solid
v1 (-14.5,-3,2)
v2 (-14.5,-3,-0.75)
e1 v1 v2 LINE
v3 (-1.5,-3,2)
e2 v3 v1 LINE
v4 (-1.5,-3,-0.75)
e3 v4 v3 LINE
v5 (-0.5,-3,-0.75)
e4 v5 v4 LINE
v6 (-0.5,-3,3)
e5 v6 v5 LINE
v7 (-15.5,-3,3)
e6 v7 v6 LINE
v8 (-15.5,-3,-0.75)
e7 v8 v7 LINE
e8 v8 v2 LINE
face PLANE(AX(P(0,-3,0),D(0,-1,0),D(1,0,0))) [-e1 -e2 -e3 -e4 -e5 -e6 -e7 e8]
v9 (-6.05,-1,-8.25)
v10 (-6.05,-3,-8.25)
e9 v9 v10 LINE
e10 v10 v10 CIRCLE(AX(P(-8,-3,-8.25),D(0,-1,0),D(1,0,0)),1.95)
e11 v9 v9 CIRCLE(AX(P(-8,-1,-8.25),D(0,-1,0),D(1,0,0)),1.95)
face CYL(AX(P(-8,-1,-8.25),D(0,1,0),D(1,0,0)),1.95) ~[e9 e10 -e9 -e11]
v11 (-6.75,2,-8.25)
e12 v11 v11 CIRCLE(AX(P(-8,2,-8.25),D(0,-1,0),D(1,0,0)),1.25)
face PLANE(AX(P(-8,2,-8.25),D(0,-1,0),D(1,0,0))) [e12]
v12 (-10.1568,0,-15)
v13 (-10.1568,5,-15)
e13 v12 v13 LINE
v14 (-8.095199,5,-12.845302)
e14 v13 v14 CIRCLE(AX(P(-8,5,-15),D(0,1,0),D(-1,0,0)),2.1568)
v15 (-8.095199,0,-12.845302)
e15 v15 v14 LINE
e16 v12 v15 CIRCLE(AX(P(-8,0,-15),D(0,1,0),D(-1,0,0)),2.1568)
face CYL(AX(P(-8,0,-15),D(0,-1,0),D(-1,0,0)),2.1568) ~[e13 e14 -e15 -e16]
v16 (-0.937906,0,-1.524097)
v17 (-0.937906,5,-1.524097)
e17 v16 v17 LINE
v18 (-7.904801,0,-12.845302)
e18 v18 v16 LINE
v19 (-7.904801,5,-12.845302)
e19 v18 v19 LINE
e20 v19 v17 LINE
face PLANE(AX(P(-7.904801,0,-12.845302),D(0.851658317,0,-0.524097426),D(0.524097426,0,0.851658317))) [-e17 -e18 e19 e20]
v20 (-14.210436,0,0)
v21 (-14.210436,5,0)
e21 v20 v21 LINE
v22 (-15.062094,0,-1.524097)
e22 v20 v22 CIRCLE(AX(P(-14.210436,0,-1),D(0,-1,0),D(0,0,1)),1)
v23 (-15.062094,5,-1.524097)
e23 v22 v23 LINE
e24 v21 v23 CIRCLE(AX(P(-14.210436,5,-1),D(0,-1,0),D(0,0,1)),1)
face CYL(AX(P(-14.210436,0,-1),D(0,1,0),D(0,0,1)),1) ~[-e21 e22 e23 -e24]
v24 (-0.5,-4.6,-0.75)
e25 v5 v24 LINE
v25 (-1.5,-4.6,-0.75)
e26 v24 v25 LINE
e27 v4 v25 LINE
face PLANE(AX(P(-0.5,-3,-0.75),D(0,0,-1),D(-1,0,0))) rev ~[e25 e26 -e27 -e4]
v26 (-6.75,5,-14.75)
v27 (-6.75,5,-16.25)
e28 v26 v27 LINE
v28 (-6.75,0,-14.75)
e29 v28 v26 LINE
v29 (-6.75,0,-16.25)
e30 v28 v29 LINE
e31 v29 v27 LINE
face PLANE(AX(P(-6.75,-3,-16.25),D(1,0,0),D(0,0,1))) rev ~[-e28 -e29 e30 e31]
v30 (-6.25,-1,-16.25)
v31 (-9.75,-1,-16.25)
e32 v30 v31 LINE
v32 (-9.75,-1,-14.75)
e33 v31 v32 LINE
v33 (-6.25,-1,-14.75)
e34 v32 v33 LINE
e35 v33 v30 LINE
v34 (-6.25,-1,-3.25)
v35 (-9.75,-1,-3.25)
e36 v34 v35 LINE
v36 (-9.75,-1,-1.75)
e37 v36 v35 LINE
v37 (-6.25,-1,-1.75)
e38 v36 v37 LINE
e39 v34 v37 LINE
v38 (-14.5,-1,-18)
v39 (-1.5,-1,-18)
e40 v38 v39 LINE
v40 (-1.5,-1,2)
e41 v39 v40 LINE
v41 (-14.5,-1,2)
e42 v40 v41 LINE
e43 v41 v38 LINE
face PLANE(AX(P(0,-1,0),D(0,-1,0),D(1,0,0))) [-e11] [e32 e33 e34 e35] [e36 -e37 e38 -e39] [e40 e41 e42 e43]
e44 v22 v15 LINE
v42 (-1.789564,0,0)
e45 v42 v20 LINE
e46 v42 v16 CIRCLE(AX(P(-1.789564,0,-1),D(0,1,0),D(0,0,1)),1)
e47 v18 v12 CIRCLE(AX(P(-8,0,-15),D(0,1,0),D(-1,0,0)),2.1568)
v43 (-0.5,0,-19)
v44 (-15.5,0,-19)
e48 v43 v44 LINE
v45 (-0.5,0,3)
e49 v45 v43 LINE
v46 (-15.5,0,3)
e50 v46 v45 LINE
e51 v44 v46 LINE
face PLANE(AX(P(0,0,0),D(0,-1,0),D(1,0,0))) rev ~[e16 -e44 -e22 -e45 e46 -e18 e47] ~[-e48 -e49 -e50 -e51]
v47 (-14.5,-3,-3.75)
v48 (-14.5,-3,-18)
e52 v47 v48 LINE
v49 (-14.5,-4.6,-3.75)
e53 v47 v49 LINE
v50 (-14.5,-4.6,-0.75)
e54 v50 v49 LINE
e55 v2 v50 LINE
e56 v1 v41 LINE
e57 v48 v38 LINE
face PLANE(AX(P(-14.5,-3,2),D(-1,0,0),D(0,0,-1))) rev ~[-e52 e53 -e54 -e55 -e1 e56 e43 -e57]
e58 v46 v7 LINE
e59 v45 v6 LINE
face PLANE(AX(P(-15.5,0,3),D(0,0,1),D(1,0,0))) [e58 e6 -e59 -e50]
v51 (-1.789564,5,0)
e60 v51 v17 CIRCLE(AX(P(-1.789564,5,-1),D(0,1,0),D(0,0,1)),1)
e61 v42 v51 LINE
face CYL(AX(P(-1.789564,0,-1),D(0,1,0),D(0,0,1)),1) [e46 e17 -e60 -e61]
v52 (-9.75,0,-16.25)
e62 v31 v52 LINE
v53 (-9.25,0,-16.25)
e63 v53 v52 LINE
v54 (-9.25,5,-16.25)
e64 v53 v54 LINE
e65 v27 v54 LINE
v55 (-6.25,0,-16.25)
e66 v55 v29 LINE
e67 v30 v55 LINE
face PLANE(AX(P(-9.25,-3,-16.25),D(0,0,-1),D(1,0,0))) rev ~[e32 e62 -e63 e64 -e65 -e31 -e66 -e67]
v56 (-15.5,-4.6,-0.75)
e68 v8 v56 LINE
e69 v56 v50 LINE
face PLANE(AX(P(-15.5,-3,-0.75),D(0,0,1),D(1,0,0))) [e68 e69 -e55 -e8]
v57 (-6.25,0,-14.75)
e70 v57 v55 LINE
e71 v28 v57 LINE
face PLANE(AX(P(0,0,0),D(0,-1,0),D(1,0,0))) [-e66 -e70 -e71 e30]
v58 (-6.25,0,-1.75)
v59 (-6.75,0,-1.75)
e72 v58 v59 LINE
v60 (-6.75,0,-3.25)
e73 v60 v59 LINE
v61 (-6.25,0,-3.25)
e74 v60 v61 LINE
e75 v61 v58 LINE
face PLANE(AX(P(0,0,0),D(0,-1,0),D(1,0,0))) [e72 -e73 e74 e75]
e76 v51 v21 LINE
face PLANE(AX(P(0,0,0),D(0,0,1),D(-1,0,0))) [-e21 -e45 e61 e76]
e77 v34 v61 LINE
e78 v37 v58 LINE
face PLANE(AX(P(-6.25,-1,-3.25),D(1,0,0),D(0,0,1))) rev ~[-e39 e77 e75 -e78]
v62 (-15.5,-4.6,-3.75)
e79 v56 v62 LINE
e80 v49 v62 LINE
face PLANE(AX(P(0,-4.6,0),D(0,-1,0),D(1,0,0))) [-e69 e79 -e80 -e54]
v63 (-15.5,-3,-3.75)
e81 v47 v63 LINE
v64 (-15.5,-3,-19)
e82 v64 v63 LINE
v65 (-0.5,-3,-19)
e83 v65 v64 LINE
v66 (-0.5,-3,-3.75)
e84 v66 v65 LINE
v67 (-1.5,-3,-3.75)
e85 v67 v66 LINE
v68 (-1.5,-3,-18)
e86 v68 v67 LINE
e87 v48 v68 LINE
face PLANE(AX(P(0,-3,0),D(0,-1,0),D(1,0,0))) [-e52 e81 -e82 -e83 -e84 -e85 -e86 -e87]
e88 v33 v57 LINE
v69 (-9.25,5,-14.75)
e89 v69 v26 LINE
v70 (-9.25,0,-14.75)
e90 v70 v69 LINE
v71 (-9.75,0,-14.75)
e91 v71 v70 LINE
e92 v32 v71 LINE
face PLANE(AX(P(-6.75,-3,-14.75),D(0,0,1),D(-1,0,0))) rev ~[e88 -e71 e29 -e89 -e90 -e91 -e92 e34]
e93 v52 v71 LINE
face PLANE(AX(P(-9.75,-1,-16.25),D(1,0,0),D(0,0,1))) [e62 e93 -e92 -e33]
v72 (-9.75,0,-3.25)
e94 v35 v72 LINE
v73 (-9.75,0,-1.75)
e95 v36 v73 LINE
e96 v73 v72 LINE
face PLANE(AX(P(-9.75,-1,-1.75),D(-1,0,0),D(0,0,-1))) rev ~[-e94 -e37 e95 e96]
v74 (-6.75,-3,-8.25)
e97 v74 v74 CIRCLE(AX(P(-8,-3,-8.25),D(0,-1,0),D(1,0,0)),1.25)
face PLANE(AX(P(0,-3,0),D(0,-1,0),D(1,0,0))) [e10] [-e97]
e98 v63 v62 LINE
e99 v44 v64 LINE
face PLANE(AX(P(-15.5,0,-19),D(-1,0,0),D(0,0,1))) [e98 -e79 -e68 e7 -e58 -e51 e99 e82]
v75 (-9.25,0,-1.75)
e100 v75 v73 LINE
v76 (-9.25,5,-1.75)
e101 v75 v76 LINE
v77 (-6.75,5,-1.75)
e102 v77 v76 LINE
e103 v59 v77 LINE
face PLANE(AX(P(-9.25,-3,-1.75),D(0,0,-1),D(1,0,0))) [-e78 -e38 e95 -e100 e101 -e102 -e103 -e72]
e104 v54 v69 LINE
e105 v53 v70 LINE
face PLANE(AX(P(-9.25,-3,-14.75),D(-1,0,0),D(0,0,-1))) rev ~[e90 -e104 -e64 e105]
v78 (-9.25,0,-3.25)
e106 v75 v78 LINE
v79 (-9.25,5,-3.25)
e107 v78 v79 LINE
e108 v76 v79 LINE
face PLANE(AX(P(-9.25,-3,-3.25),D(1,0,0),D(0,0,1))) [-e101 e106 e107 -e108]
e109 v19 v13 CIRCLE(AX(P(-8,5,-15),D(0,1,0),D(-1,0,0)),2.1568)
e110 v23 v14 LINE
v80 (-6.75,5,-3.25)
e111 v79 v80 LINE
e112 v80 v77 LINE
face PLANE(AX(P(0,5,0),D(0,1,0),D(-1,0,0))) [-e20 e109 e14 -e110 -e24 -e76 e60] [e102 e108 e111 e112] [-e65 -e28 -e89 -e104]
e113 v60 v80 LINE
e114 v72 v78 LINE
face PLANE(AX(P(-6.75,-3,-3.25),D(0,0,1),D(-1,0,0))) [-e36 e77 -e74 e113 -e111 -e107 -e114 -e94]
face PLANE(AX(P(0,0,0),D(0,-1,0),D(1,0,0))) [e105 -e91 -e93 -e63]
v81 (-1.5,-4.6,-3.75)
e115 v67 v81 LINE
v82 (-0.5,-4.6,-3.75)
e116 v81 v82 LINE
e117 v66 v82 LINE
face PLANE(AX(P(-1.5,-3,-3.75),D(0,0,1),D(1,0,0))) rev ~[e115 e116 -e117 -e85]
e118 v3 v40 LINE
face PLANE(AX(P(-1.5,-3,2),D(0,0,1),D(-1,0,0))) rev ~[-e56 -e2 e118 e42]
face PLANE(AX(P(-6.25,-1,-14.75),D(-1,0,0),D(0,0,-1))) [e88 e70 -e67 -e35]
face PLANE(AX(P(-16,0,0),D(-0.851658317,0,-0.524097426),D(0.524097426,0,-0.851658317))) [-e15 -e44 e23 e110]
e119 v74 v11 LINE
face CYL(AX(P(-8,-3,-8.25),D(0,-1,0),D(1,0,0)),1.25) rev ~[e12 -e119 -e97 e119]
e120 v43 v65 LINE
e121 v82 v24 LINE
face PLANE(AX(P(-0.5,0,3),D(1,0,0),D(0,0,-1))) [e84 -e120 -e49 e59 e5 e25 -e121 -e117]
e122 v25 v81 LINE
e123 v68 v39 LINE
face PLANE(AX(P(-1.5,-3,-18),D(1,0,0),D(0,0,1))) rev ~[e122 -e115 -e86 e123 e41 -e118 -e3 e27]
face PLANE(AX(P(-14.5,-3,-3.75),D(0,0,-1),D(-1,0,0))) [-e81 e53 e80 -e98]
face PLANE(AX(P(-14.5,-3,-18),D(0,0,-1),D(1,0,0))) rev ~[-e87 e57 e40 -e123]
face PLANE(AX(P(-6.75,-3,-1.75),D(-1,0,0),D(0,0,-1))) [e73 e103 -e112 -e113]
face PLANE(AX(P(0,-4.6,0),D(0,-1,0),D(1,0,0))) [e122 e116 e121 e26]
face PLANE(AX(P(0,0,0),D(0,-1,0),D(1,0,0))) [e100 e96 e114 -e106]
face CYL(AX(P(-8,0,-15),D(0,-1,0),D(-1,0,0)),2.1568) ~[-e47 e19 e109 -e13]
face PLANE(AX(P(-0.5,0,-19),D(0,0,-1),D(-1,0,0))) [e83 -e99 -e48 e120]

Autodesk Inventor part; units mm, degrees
ref_plane "YZ Plane" through (0, 0, 0) normal (1, 0, 0) x (0, 1, 0)
ref_plane "XZ Plane" through (0, 0, 0) normal (0, 1, 0) x (-1, 0, 0)
ref_plane "XY Plane" through (0, 0, 0) normal (0, 0, 1) x (1, 0, 0)
sketch "Sketch5" plane through (0, 0, 0) normal (0, 1, 0) x (-1, 0, 0)
  line L0 (-3.1299, 16.302) -> (-3.1299, -27.8812) construction
  line L1 (-3.1299, -27.8812) -> (-19.0358, -27.8812) construction
  line L2 (-19.0358, -27.8812) -> (-19.0358, 16.302) construction
  line L3 (-19.0358, 16.302) -> (-3.1299, 16.302) construction
  line L4 (0, 0) -> (16, 0)
  line L5 (8, 0) -> (8, -24.9508) construction
  line L6 (16, 0) -> (8, -13)
  line L7 (8, -13) -> (0, 0)
  circle A0 centre (8, -15) radius 2.1568
  line L8 (0, 0) -> (0, -12.5098) construction
  point P0 (7.9048, -12.8453)
  point P1 (8.0952, -12.8453)
  dimension "d36" = 16
  dimension "d42" = 13
  dimension "d43" = 2
extrude "Extrusion4" add sketch "Sketch5" along normal blind 5
sketch "Sketch6" plane through (0, 5, 0) normal (0, 1, 0) x (1, 0, 0)
  arc A0 (-7.9048, 12.8453) -> (-8.0952, 12.8453) centre (-8, 15) ccw projected
  circle A1 centre (-8, 15) radius 1.6568
  line L0 (-16, 0) -> (0, 0) projected
  line L1 (-16, 0) -> (0, 0) construction
  line L2 (-14.2104, 1) -> (-8, 11.092)
  line L3 (-8.0952, 12.8453) -> (-16, 0) projected
  line L4 (-8, 11.092) -> (-1.7896, 1)
  line L5 (0, 0) -> (-7.9048, 12.8453) projected
  line L6 (-14.2104, 1) -> (-1.7896, 1)
  line L7 (-8, 15) -> (-8, 0) construction
  dimension "d46" = 0.5
  dimension "d52" = 1
  dimension "d53" = 1
extrude "Extrusion5" [suppressed]
fillet "Fillet1" radius 1 2 edges at (0, 2.5, 0) (-16, 2.5, 0)
sketch "Sketch9" plane through (0, 0, 0) normal (0, -1, 0) x (1, 0, 0)
  line L0 (-15.5, 3) -> (-0.5, 3)
  line L1 (-0.5, 3) -> (-0.5, -19)
  line L2 (-0.5, -19) -> (-15.5, -19)
  line L3 (-15.5, -19) -> (-15.5, 3)
  line L4 (-15.5, 3) -> (-0.5, -19) construction
  line L5 (-0.5, 3) -> (-15.5, -19) construction
  line L6 (-14.2104, 0) -> (-1.7896, 0) projected
  line L7 (-8, -15) -> (-8, 0) construction
  arc A0 (-8.0952, -12.8453) -> (-7.9048, -12.8453) centre (-8, -15) ccw construction
  circle A1 centre (-8, -15) radius 2.1568 construction
  point P0 (0, 0)
  point P1 (-8, -8)
  dimension "d75" = 15
  dimension "d76" = 22
  dimension "d77" = 3
extrude "Extrusion7" add sketch "Sketch9" along normal blind 3
sketch "Sketch10" plane through (0, -3, 0) normal (0, -1, 0) x (1, 0, 0)
  line L0 (-0.5, -19) -> (-0.5, 3) projected
  line L1 (-0.5, -0.75) -> (-1.5, -0.75)
  line L2 (-1.5, -0.75) -> (-1.5, -3.75)
  line L3 (-1.5, -3.75) -> (-0.5, -3.75)
  line L4 (-0.5, -3.75) -> (-0.5, -0.75)
  line L5 (-15.5, 3) -> (-15.5, -19) projected
  line L6 (-15.5, -0.75) -> (-14.5, -0.75)
  line L7 (-14.5, -0.75) -> (-14.5, -3.75)
  line L8 (-14.5, -3.75) -> (-15.5, -3.75)
  line L9 (-15.5, -3.75) -> (-15.5, -0.75)
  line L10 (-0.5, 3) -> (-15.5, 3) projected
  point P0 (0, 0)
  point P1 (-15.5, -3.75)
  point P2 (-0.5, -3.75)
  dimension "d80" = 1
  dimension "d81" = 3
  dimension "d82" = 1
  dimension "d83" = 3
  dimension "d84" = 3.75
  dimension "d85" = 3.75
extrude "Extrusion8" add sketch "Sketch10" along normal blind 1.6
sketch "Sketch11" plane through (0, -3, 0) normal (0, -1, 0) x (1, 0, 0)
  line L0 (-9.25, -1.75) -> (-6.75, -1.75)
  line L1 (-6.75, -1.75) -> (-6.75, -3.25)
  line L2 (-6.75, -3.25) -> (-9.25, -3.25)
  line L3 (-9.25, -3.25) -> (-9.25, -1.75)
  line L4 (-8, 0) -> (-8, -15.1696) construction
  line L5 (-15.5, -19) -> (-0.5, -19) construction
  line L6 (-8, -19) -> (-8, 3) construction
  line L7 (-0.5, 3) -> (-15.5, 3) construction
  line L8 (-1.5, -0.75) -> (-1.5, -3.75) projected
  line L9 (-14.5, -3.75) -> (-14.5, -0.75) projected
  line L10 (-0.5, -0.75) -> (-1.5, -0.75) projected
  line L11 (-15.5, -3.75) -> (-15.5, -19) projected
  line L12 (-6.75, -14.75) -> (-9.25, -14.75)
  line L13 (-9.25, -14.75) -> (-9.25, -16.25)
  line L14 (-9.25, -16.25) -> (-6.75, -16.25)
  line L15 (-6.75, -16.25) -> (-6.75, -14.75)
  line L16 (-6.75, -14.75) -> (-9.25, -16.25) construction
  line L17 (-9.25, -14.75) -> (-6.75, -16.25) construction
  line L18 (-1.5, -3.75) -> (-0.5, -3.75) projected
  point P0 (0, 0)
  point P1 (-8, -1.75)
  point P2 (-9.25, -2.5)
  point P3 (-8, -3.25)
  point P4 (-8, 0)
  point P5 (-8, -8)
  point P6 (-6.75, -2.5)
  point P7 (-8, -15.5)
  point P8 (-6.75, -15.5)
  dimension "d129" = 7.5
  dimension "d133" = 1.5
  dimension "d136" = 2.5
  dimension "d137" = 1.5
  dimension "d138" = 13
  dimension "d141" = 0.5
extrude "Extrusion9" cut sketch "Sketch11" against normal blind 16
sketch "Sketch13" plane through (0, -3, 0) normal (0, -1, 0) x (1, 0, 0)
  line L0 (-1.5, 2) -> (-14.5, 2)
  line L1 (-14.5, 2) -> (-14.5, -18)
  line L2 (-14.5, -18) -> (-1.5, -18)
  line L3 (-1.5, -18) -> (-1.5, 2)
  line L4 (-0.5, 3) -> (-15.5, 3) projected
  line L5 (-0.5, -0.75) -> (-0.5, 3) projected
  line L6 (-15.5, 3) -> (-15.5, -0.75) projected
  line L7 (-15.5, -19) -> (-0.5, -19) projected
  point P0 (0, 0)
  point P1 (-15.5, 1.125)
  dimension "d106" = 1
  dimension "d107" = 1
  dimension "d108" = 1
  dimension "d109" = 1
extrude "Extrusion11" cut sketch "Sketch13" against normal blind 2
sketch "Sketch14" plane through (0, -1, 0) normal (0, -1, 0) x (1, 0, 0)
  line L0 (-9.25, -14.75) -> (-9.25, -16.25) construction
  line L1 (-9.25, -15.5) -> (-6.75, -15.5) construction
  line L2 (-6.75, -16.25) -> (-6.75, -14.75) construction
  line L3 (-9.25, -16.25) -> (-6.75, -16.25) construction
  line L4 (-8, -16.25) -> (-8, -1.75) construction
  line L5 (-6.75, -1.75) -> (-9.25, -1.75) construction
  line L6 (-9.25, -1.75) -> (-9.25, -3.25) construction
  line L7 (-9.25, -2.5) -> (-6.75, -2.5) construction
  line L8 (-6.25, -16.25) -> (-9.75, -16.25)
  line L9 (-9.75, -16.25) -> (-9.75, -14.75)
  line L10 (-9.75, -14.75) -> (-6.25, -14.75)
  line L11 (-6.25, -14.75) -> (-6.25, -16.25)
  line L12 (-6.25, -16.25) -> (-9.75, -14.75) construction
  line L13 (-9.75, -16.25) -> (-6.25, -14.75) construction
  line L14 (-6.25, -1.75) -> (-9.75, -1.75)
  line L15 (-9.75, -1.75) -> (-9.75, -3.25)
  line L16 (-9.75, -3.25) -> (-6.25, -3.25)
  line L17 (-6.25, -3.25) -> (-6.25, -1.75)
  line L18 (-6.25, -1.75) -> (-9.75, -3.25) construction
  line L19 (-9.75, -1.75) -> (-6.25, -3.25) construction
  point P0 (0, 0)
  point P1 (-8, -15.5)
  point P2 (-8, -2.5)
  dimension "d139" = 3.5
  dimension "d140" = 1.5
extrude "Extrusion12" cut sketch "Sketch14" against normal blind 1
sketch "Sketch15" plane through (0, -1, 0) normal (0, -1, 0) x (1, 0, 0)
  circle A0 centre (-8, -8.25) radius 1.25
  line L0 (-8, 0) -> (-8, -15) construction
  circle A1 centre (-8, -8.25) radius 1.95
  line L1 (-14.5, 2) -> (-1.5, 2) projected
  line L2 (-9.25, -3.25) -> (-6.75, -3.25) projected
  point P0 (0, 0)
  point P1 (-10.0959, -3.25)
  point P2 (-13.4041, -3.25)
  point P3 (-6.25, -3.25)
  point P4 (-9.75, -3.25)
  dimension "d117" = 2.5
  dimension "d118" = 0.7
  dimension "d131" = 10.25
extrude "Extrusion13" add sketch "Sketch15" along normal blind 2 contours A0 | A1
sketch "Sketch17" plane through (0, -1, 0) normal (0, -1, 0) x (1, 0, 0)
  point P0 (0, 0)
sketch "Sketch16" plane through (-8, -3, -8.25) normal (0, -1, 0) x (1, 0, 0)
  circle A0 centre (0, 0) radius 1.95 projected
  circle A1 centre (0, 0) radius 1.25
  point P0 (8, 8.25)
  point P1 (-1.9339, 0.25)
  point P2 (1.9339, 0.25)
  dimension "d123" = 2.5
  dimension "d60" = 2.5
  dimension "d61" = 0.7
  dimension "d62" = 2.5
  dimension "d63" = 1.5
  dimension "d68" = 13
  dimension "d69" = 3.75
  dimension "d70" = 3.75
  dimension "d72" = 3.75
  dimension "d0" = 15
  dimension "d2" = 10
  dimension "d11" = 5
  dimension "d12" = 1.8
extrude "Extrusion14" cut sketch "Sketch16" against normal blind 5 contours A1
properties part number "NOTGATE2"
